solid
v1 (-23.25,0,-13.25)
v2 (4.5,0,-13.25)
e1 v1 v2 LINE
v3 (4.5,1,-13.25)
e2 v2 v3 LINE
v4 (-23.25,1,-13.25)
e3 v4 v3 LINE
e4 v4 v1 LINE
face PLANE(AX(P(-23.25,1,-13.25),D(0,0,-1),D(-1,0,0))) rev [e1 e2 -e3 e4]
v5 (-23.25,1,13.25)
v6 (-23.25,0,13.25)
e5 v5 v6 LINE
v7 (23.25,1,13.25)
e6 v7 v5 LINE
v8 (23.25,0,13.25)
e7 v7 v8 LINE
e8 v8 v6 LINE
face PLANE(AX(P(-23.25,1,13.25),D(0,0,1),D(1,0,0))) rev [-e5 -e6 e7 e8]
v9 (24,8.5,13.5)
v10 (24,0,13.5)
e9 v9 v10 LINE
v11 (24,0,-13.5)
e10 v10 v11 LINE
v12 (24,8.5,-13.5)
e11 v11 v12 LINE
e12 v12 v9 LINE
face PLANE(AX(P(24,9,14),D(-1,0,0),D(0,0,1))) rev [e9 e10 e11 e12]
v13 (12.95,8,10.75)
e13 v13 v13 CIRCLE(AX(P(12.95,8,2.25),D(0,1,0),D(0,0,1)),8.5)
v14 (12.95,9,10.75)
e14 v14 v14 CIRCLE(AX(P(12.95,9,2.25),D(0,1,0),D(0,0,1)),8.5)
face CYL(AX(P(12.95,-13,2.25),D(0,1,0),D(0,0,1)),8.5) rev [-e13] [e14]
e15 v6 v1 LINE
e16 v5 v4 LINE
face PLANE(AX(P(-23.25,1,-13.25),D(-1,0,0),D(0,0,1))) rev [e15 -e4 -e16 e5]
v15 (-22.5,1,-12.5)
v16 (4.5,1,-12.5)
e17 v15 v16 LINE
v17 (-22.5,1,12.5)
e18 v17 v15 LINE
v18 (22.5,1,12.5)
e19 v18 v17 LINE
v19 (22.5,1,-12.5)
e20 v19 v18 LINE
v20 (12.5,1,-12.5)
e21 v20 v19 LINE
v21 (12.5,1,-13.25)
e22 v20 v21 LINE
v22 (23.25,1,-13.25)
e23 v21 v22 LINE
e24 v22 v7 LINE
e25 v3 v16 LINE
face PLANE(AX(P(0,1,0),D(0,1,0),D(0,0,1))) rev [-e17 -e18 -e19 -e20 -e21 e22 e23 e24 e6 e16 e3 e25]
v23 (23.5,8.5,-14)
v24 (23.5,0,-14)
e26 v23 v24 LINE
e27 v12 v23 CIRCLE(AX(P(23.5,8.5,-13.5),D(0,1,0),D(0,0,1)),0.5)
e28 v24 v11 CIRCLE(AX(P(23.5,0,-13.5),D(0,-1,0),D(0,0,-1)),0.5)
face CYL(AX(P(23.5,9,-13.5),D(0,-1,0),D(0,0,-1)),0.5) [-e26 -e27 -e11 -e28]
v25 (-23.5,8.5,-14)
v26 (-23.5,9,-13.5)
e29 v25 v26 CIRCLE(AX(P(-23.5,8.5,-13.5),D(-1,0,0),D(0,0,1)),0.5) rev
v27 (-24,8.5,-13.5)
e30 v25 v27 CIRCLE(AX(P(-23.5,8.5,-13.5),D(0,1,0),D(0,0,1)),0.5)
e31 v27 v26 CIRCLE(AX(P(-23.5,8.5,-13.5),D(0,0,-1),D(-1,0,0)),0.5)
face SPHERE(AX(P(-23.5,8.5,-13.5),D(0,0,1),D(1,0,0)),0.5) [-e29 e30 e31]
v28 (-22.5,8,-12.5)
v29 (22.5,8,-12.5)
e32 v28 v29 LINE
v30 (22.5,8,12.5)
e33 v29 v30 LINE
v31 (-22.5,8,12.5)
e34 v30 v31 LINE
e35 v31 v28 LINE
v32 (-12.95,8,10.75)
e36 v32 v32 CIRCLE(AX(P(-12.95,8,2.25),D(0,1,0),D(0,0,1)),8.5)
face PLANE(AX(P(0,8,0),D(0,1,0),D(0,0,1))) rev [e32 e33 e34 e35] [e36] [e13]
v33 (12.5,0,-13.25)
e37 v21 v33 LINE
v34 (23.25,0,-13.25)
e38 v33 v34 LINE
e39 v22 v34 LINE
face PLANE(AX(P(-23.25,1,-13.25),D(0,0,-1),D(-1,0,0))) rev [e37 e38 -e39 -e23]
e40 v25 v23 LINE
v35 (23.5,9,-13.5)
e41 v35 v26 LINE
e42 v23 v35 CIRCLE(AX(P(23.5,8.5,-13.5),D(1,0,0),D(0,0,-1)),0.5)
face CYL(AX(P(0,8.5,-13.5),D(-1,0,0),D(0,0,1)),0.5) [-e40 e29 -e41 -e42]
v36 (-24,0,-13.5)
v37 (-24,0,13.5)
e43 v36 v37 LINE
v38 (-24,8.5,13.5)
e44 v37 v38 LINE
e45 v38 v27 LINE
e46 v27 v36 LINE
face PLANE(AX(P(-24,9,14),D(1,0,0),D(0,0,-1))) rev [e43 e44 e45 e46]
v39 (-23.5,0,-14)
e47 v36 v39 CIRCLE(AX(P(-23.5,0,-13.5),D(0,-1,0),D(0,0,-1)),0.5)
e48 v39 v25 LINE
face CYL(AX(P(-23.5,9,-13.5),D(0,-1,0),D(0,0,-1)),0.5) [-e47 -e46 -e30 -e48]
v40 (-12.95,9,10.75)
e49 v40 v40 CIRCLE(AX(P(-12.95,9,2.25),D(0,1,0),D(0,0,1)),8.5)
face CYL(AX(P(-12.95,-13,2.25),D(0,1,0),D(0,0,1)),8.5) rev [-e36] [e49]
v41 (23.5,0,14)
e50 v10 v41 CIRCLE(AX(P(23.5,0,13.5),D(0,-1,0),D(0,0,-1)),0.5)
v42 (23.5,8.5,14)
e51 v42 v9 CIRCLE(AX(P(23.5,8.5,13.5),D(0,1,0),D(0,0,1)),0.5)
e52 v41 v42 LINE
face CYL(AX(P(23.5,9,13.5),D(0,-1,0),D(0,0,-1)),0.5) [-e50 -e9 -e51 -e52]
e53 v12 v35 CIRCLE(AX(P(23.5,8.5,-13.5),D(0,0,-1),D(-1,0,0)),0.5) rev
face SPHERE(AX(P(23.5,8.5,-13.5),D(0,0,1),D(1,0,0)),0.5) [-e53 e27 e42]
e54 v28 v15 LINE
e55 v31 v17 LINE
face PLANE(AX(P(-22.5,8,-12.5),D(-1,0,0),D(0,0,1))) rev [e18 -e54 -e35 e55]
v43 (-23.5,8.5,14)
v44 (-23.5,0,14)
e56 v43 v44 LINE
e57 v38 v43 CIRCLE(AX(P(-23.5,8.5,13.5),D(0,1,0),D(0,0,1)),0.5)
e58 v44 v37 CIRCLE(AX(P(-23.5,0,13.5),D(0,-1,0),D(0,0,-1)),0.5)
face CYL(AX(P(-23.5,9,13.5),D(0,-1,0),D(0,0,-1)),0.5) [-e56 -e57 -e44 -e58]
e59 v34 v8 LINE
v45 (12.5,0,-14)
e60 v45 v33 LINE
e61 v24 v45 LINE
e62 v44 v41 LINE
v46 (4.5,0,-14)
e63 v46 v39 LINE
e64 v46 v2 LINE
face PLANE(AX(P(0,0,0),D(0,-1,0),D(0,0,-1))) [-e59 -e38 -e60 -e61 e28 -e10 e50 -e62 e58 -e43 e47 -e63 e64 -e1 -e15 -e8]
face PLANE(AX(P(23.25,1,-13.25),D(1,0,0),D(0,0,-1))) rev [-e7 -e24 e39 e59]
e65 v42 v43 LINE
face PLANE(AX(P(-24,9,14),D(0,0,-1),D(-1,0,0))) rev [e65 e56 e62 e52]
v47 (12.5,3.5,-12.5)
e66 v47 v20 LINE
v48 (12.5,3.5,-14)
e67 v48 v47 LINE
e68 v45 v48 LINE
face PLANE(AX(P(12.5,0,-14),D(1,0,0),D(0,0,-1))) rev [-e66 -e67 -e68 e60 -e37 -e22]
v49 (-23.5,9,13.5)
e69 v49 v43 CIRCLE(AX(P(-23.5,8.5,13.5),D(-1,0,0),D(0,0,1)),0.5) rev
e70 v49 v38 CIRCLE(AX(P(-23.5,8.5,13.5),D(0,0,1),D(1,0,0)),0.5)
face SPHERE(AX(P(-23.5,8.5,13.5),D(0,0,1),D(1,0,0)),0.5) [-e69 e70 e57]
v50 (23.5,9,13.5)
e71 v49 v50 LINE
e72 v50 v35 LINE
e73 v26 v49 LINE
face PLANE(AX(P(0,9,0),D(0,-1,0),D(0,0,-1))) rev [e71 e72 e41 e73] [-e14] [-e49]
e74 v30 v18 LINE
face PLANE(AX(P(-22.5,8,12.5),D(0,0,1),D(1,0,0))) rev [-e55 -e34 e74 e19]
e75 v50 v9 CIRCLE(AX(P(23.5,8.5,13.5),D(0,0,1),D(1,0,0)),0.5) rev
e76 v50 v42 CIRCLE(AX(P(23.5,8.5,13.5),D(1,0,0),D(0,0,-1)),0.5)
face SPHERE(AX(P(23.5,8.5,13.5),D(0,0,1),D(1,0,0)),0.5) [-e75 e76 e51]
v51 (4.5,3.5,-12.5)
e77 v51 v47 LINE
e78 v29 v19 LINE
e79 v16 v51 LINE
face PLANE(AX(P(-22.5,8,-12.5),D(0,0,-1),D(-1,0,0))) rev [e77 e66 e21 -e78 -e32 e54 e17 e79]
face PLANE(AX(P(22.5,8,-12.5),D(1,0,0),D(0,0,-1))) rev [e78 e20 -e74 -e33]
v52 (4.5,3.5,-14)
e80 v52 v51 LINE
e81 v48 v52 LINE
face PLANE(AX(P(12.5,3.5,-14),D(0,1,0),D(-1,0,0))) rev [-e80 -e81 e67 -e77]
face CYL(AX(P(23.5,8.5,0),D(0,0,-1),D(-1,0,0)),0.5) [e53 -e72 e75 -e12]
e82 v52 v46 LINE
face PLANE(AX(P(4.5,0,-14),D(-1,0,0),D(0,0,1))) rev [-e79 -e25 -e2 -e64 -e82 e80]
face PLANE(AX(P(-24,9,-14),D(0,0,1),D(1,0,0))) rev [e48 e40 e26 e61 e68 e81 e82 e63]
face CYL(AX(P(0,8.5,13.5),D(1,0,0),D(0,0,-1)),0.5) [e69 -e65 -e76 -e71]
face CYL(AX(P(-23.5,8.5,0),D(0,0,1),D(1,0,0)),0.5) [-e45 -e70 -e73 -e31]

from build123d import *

# Parameters (mm, degrees)
SKETCH1_W           = 48
SKETCH1_H           = 28
BOSS_EXTRUDE1_DEPTH = 9
SKETCH2_W           = 45
SKETCH2_H           = 25
CUT_EXTRUDE1_DEPTH  = 8
SKETCH3_R           = 8.5
CUT_EXTRUDE2_DEPTH  = 22
SKETCH4_W           = 46.5
SKETCH4_H           = 26.5
CUT_EXTRUDE3_DEPTH  = 1
SKETCH10_W          = 8
SKETCH10_H          = 3.5
CUT_EXTRUDE4_DEPTH  = 30.206163733
FILLET5_R           = 0.5


with BuildPart() as part:
    # Sketch1 → Boss-Extrude1 (new body)
    with BuildSketch(Plane(origin=(0, 0, 0), x_dir=(1, 0, 0), z_dir=(0, 1, 0))):
        Rectangle(SKETCH1_W, SKETCH1_H)
    extrude(amount=BOSS_EXTRUDE1_DEPTH)

    # Sketch2 → Cut-Extrude1 (cut)
    with BuildSketch(Plane.XZ):
        Rectangle(SKETCH2_W, SKETCH2_H)
    extrude(amount=-CUT_EXTRUDE1_DEPTH, mode=Mode.SUBTRACT)

    # Sketch3 → Cut-Extrude2 (cut)
    with BuildSketch(Plane(origin=(0, 9, 0), x_dir=(1, 0, 0), z_dir=(0, 1, 0))):
        with Locations(Location((-12.95, -2.25, 0), (0, 0, 270))):
            Circle(SKETCH3_R)
        with Locations(Location((12.95, -2.25, 0), (0, 0, 270))):
            Circle(SKETCH3_R)
    extrude(amount=-CUT_EXTRUDE2_DEPTH, mode=Mode.SUBTRACT)

    # Sketch4 → Cut-Extrude3 (cut)
    with BuildSketch(Plane.XZ):
        Rectangle(SKETCH4_W, SKETCH4_H)
    extrude(amount=-CUT_EXTRUDE3_DEPTH, mode=Mode.SUBTRACT)

    # Sketch10 → Cut-Extrude4 (cut, through all)
    with BuildSketch(Plane.XY):
        with Locations((8.5, 1.75)):
            Rectangle(SKETCH10_W, SKETCH10_H)
    extrude(amount=-CUT_EXTRUDE4_DEPTH, mode=Mode.SUBTRACT)

    # Fillet5
    fillet5_edges = [part.edges().sort_by_distance(p)[0] for p in [
        (-24, 9, 0),
        (0, 9, 14),
        (24, 9, 0),
        (0, 9, -14),
        (24, 4.5, 14),
        (-24, 4.5, 14),
        (-24, 4.5, -14),
        (24, 4.5, -14),
    ]]
    fillet(fillet5_edges, radius=FILLET5_R)


solid = part.part
